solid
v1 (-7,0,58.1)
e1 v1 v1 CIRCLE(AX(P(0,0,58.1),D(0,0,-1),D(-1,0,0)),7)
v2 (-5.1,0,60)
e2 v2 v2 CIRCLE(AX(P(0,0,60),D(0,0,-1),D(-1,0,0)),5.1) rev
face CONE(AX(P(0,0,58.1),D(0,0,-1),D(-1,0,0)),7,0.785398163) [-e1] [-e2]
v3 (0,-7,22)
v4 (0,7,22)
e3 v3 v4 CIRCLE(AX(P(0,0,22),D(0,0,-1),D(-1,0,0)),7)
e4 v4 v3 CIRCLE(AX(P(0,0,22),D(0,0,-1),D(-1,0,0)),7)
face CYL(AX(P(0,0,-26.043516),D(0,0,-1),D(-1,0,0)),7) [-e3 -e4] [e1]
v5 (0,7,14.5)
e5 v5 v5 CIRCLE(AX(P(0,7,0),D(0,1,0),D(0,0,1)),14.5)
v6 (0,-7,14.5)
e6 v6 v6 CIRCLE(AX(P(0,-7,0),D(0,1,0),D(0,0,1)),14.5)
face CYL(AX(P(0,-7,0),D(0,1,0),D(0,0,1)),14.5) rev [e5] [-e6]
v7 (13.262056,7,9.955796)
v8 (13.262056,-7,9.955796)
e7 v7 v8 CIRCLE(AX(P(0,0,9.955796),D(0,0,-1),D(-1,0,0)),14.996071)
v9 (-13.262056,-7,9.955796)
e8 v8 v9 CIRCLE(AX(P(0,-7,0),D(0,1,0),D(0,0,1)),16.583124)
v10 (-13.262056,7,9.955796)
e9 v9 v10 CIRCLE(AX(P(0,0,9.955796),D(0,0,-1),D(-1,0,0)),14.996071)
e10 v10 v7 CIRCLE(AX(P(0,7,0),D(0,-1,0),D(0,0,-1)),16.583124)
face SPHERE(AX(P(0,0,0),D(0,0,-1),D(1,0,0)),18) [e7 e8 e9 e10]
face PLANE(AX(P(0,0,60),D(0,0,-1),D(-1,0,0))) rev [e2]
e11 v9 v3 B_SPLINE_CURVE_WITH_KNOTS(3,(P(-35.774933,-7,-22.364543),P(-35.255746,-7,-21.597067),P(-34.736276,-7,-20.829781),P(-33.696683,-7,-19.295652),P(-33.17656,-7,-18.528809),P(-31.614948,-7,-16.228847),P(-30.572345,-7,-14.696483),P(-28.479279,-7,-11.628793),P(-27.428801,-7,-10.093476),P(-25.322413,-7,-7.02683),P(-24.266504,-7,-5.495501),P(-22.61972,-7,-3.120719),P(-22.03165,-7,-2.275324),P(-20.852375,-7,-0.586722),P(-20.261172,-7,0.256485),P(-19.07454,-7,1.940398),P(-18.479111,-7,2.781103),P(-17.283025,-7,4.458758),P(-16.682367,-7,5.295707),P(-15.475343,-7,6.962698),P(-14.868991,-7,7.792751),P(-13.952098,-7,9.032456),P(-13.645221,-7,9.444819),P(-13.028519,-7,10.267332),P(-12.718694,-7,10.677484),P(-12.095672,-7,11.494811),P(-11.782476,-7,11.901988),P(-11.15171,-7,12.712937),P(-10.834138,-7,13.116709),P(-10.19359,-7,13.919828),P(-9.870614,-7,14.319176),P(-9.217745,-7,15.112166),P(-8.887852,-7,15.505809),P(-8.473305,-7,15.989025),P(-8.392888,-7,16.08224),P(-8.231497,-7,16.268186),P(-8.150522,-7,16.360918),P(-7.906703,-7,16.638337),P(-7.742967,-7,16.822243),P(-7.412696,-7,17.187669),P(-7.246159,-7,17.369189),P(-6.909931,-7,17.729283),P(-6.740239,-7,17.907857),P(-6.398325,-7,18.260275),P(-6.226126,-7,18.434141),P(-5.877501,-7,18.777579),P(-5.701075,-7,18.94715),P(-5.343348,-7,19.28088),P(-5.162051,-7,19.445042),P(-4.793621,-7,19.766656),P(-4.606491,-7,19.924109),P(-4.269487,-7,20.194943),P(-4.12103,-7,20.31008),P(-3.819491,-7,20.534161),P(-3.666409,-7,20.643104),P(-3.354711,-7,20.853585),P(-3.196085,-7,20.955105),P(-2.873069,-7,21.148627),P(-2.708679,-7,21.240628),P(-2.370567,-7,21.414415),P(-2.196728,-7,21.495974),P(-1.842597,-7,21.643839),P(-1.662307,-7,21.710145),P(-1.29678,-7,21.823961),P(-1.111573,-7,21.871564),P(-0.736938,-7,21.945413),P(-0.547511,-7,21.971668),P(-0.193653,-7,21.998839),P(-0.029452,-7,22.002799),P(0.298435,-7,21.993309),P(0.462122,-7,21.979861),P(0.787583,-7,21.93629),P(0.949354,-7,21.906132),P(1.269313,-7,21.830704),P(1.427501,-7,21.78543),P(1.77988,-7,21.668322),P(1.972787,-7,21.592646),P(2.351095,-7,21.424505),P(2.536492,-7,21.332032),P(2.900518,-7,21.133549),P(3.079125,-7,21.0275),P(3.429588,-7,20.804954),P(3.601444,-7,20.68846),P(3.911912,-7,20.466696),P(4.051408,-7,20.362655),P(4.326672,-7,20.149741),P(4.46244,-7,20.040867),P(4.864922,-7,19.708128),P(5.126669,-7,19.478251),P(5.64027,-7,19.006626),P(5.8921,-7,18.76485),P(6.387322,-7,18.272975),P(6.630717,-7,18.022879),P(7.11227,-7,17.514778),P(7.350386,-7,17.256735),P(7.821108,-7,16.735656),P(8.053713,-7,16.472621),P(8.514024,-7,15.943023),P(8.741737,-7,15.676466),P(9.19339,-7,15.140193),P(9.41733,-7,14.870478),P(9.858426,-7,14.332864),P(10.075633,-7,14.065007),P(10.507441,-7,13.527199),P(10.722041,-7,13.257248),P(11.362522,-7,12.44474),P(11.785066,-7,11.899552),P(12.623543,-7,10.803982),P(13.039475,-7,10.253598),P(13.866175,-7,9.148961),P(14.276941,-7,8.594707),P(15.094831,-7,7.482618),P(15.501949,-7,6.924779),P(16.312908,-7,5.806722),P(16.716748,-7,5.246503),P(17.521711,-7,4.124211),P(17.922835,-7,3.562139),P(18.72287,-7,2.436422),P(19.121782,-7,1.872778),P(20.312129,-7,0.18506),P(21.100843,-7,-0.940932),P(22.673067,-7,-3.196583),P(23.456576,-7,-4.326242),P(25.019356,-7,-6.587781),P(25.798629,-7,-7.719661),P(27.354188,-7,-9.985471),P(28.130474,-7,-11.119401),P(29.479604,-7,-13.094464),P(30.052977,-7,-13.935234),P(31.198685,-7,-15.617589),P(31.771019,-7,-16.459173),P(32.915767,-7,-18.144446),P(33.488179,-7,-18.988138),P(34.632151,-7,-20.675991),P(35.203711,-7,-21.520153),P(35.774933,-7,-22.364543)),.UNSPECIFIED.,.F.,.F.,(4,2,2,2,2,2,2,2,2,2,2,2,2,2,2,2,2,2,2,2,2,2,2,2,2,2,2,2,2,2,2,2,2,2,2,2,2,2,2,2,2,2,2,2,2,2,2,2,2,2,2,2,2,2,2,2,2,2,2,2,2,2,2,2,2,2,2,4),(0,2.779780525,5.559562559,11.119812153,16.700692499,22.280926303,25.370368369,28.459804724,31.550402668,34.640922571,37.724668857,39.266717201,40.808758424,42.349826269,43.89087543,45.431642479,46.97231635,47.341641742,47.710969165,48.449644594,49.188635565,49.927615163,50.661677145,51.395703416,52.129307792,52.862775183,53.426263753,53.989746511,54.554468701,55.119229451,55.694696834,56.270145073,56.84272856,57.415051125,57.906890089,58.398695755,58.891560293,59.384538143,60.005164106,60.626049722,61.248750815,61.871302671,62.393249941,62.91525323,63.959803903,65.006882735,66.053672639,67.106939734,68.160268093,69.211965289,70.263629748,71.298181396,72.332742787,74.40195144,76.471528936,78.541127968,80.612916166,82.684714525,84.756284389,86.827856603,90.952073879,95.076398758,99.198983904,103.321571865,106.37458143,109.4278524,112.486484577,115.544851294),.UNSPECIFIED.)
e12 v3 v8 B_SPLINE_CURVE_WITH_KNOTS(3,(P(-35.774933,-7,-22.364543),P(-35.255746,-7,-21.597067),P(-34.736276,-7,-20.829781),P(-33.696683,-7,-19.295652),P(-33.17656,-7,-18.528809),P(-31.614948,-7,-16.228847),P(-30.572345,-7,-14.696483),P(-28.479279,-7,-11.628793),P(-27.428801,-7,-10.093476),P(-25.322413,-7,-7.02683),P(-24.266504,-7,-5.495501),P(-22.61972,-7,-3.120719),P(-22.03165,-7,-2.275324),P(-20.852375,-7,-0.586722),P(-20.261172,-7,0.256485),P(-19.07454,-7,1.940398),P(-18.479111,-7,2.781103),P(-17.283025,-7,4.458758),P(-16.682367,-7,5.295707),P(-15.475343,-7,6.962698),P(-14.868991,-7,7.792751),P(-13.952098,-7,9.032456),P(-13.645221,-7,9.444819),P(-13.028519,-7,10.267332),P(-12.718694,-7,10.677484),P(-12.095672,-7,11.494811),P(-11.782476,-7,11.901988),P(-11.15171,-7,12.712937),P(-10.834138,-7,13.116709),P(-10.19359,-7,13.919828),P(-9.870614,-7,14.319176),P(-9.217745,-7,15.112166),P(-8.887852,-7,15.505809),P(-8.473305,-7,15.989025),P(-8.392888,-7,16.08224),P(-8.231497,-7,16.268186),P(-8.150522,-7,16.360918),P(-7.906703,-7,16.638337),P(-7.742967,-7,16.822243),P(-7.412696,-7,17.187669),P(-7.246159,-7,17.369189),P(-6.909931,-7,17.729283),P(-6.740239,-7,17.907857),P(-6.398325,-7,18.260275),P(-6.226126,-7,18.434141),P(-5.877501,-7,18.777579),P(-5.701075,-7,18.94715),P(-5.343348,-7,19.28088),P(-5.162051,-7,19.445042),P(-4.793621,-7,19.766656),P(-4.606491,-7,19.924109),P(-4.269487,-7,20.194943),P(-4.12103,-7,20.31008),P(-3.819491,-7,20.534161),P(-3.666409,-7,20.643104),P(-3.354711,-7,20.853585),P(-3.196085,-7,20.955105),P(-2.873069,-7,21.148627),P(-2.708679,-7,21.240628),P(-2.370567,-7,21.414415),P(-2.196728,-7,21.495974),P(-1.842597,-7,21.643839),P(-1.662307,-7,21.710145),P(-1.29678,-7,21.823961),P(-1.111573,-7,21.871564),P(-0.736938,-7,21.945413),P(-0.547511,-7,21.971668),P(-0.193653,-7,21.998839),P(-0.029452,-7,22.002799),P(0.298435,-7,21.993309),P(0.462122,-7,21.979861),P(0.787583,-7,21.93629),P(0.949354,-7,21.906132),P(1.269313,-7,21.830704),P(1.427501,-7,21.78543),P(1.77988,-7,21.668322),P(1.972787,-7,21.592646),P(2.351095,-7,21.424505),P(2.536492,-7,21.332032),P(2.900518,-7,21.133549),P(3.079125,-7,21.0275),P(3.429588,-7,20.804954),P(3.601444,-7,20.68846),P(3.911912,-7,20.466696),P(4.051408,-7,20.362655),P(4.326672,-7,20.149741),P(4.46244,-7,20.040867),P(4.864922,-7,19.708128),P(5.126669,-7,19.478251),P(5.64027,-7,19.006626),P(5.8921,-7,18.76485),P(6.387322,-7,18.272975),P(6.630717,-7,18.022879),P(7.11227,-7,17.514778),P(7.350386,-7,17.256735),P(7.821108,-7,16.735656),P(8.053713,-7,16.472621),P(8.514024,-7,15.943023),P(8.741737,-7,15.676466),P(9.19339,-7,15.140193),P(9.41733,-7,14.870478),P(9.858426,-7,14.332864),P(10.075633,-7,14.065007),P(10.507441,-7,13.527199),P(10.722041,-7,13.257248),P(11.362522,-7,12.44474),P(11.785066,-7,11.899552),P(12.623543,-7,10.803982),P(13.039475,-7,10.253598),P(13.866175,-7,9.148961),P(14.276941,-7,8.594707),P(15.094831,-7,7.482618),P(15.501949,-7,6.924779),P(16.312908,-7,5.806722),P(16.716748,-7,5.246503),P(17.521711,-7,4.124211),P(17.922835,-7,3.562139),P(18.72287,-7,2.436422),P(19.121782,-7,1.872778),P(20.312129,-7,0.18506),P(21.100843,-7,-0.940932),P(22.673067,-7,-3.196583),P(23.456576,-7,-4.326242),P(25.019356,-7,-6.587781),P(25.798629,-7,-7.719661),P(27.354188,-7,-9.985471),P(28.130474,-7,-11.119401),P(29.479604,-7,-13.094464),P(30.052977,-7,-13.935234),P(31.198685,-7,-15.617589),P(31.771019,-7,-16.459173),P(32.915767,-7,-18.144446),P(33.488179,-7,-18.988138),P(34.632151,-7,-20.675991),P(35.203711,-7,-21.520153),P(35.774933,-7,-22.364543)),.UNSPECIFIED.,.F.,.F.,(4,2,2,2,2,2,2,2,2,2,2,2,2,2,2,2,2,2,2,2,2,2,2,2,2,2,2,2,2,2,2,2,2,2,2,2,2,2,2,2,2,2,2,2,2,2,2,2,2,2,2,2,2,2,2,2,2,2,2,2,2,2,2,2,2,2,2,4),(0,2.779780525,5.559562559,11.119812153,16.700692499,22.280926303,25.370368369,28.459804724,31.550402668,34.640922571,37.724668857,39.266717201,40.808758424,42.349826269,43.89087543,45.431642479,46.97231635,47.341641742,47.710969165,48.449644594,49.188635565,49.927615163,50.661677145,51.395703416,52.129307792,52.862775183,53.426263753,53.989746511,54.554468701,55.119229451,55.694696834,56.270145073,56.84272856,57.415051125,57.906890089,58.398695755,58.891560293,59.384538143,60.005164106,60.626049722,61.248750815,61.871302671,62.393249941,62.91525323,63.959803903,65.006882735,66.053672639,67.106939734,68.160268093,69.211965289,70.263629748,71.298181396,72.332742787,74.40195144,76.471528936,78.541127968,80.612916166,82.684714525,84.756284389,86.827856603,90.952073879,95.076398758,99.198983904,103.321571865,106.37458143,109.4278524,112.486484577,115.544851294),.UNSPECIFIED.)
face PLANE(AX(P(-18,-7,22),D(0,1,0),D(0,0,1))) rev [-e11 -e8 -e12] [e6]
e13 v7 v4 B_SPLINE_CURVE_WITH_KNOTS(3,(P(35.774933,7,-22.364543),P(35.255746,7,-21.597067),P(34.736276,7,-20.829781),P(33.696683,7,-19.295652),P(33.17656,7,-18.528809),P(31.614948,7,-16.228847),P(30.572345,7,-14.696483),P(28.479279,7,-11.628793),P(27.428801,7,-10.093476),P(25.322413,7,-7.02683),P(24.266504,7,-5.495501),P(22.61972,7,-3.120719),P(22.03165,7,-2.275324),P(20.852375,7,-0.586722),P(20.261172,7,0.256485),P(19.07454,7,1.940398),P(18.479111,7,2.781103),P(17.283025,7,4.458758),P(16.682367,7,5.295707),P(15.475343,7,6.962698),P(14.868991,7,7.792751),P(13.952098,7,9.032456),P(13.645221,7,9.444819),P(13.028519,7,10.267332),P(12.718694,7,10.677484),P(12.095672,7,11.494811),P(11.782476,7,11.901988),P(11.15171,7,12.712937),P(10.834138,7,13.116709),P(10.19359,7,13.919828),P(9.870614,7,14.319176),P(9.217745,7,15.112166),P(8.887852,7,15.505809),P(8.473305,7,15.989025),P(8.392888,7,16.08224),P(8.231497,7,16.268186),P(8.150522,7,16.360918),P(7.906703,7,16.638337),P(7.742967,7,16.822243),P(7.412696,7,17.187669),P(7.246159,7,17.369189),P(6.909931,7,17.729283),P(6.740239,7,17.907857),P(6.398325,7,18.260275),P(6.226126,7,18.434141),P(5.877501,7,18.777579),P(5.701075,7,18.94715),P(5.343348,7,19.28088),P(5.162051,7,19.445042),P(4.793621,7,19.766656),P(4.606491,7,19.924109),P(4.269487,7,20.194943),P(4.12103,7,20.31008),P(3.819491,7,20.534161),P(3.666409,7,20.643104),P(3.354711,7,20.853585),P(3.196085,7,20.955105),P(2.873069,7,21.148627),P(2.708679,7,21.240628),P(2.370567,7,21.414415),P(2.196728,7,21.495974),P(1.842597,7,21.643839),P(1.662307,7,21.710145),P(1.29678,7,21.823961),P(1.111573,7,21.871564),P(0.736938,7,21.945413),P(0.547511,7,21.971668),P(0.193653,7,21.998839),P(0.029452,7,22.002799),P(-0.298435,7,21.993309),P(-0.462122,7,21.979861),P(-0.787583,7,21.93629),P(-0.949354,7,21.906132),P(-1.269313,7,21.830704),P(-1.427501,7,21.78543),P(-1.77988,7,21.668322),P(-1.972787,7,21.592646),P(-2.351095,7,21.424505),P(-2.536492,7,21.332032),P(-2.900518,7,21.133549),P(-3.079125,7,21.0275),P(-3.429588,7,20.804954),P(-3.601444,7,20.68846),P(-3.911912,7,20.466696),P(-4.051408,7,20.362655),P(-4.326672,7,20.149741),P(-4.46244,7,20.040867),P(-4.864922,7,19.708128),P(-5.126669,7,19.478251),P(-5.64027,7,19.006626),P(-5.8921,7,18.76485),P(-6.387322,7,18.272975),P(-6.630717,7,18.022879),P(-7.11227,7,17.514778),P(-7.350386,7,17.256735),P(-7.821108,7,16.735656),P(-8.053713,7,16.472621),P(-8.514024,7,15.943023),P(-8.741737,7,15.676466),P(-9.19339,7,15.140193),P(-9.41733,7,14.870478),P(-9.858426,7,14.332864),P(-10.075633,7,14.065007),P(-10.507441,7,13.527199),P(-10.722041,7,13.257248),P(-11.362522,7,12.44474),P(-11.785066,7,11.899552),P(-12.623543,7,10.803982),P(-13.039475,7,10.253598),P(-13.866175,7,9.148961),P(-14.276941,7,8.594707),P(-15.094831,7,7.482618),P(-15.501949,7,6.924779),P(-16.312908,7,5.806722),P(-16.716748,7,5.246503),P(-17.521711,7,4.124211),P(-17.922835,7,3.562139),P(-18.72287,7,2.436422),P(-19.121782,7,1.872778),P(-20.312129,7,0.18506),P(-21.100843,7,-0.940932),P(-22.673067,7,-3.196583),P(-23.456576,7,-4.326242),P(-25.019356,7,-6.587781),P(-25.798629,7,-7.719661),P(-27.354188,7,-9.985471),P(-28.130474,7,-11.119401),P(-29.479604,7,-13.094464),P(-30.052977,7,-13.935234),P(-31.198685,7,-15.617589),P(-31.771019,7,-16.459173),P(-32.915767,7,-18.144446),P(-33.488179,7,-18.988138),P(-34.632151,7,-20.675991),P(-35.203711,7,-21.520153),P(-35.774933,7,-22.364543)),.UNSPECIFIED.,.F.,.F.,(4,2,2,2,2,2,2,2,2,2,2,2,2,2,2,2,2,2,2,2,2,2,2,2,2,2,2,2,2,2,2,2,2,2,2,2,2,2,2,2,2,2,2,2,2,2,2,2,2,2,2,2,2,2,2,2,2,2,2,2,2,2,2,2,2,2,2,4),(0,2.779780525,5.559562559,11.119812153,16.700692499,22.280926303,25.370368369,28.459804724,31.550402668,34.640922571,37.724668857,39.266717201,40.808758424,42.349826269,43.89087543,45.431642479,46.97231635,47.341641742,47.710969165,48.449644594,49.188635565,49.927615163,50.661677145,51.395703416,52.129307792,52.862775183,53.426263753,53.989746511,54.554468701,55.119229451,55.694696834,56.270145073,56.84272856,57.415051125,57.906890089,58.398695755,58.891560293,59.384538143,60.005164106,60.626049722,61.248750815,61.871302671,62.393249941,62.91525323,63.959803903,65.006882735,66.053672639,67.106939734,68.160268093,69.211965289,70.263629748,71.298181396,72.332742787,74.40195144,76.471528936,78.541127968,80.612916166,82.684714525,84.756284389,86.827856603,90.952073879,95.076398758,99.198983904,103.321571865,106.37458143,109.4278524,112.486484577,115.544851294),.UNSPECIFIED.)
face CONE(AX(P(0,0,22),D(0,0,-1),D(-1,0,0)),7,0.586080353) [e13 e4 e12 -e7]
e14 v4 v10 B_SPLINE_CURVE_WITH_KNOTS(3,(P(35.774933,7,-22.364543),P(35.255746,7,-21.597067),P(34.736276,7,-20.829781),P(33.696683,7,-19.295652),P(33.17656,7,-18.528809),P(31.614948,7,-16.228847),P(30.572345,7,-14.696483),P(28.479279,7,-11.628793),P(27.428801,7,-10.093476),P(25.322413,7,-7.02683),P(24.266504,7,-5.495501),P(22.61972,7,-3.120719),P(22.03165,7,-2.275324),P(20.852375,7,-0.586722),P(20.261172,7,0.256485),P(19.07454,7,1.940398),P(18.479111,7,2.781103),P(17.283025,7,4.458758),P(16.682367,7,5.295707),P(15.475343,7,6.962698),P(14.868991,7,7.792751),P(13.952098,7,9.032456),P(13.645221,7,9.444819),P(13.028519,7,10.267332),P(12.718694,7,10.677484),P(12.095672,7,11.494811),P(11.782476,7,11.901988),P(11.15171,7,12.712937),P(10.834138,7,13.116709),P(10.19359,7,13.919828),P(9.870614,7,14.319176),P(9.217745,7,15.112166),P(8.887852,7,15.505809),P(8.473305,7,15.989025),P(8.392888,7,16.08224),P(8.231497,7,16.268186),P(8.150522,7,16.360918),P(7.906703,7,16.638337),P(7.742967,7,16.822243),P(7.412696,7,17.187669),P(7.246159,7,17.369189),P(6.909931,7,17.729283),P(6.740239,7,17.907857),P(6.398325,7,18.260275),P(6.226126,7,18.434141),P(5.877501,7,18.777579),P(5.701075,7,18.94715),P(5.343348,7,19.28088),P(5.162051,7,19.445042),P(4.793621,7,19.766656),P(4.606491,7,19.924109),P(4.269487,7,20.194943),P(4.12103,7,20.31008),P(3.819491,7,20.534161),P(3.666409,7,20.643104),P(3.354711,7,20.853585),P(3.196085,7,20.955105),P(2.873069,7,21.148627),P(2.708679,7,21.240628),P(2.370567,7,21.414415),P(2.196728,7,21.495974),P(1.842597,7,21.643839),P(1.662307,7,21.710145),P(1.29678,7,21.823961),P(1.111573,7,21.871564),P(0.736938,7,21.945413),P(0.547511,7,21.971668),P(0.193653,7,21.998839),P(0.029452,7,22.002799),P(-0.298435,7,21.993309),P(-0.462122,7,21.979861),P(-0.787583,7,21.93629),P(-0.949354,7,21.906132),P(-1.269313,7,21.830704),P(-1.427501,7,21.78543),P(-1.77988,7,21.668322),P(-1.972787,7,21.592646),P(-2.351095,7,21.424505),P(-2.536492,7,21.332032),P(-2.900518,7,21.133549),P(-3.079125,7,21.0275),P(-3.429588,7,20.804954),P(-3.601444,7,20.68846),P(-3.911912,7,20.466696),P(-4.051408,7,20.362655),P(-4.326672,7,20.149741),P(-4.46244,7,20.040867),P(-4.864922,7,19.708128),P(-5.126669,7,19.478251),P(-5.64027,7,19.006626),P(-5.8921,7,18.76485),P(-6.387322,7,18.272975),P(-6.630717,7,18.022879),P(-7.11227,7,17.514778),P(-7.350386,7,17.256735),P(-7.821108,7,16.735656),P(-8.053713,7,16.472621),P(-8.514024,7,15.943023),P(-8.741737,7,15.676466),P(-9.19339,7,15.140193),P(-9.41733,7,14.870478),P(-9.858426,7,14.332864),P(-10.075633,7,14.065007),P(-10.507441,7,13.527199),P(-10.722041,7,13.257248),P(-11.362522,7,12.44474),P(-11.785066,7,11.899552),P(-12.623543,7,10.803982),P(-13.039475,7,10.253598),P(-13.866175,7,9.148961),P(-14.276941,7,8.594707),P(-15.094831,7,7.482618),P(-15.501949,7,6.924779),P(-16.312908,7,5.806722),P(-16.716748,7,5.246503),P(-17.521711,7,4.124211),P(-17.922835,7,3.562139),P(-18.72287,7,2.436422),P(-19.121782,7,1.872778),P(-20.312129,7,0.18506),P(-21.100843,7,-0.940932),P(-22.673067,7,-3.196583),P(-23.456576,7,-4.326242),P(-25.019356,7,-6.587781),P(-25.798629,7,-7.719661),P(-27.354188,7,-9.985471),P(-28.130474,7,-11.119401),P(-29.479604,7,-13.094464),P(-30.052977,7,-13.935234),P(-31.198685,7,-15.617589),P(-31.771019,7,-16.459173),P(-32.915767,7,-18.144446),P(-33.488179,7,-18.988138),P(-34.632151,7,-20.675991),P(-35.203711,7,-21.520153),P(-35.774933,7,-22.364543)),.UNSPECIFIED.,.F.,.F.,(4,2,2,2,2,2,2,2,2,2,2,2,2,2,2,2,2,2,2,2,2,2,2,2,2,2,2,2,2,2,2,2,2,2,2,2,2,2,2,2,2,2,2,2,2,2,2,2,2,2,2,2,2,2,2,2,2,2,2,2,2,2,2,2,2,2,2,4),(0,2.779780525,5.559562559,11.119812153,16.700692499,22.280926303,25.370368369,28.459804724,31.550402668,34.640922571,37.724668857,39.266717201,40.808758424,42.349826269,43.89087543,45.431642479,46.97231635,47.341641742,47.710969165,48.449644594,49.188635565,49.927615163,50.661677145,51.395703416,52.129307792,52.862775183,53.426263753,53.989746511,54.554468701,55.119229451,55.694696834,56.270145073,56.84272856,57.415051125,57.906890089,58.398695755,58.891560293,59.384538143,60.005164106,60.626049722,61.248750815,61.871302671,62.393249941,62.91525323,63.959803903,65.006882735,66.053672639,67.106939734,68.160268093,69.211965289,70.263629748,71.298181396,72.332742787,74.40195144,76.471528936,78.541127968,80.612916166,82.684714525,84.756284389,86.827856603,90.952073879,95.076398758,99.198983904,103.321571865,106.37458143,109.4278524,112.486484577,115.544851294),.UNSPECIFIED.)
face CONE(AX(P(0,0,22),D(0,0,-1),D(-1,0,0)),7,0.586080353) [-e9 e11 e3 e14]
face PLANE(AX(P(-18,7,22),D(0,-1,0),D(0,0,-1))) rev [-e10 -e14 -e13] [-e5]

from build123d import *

# Parameters (mm, degrees)
SZKIC1_W                        = 7
SZKIC1_H                        = 38
WYTNIJ_WYCI_GNI_CIE1_DEPTH      = 19
WYTNIJ_WYCI_GNI_CIE1_DEPTH_BACK = 19
SZKIC3_R                        = 14.5
WYTNIJ_WYCI_GNI_CIE2_DEPTH      = 8
WYTNIJ_WYCI_GNI_CIE2_DEPTH_BACK = 8
SFAZOWANIE1_SIZE                = 1.9


with BuildPart() as part:
    # Szkic1 → Obrót1 (revolve)
    with BuildSketch(Plane(origin=(0, 0, 0), x_dir=(1, 0, 0), z_dir=(0, 1, 0))):
        with BuildLine():
            Line((0, 18), (0, -22))
            Line((0, -22), (7, -22))
            Line((7, -22), (14.996070523, -9.955795743))
            ThreePointArc((14.996070523, -9.955795743), (15.861972188, 8.508691927), (0, 18))
        make_face()
        with Locations((3.5, -41)):
            Rectangle(SZKIC1_W, SZKIC1_H)
    revolve(axis=Axis((0, 0, -26.043516498), (0, 0, 1)))

    # Szkic2 → Wytnij-wyciągnięcie1 (cut, two sides)
    with BuildSketch(Plane(origin=(0, 0, 0), x_dir=(0, 0, -1), z_dir=(1, 0, 0))) as wytnij_wyci_gni_cie1_sk:
        with BuildLine():
            Line((-22, 7), (16.583123952, 7))
            ThreePointArc((16.583123952, 7), (5.192750307, 17.23471335), (-9.955795743, 14.996070523))
            Line((-9.955795743, 14.996070523), (-22, 7))
        make_face()
        with BuildLine():
            Line((-22, -7), (16.583123952, -7))
            ThreePointArc((16.583123952, -7), (5.192750307, -17.23471335), (-9.955795743, -14.996070523))
            Line((-9.955795743, -14.996070523), (-22, -7))
        make_face()
    extrude(amount=WYTNIJ_WYCI_GNI_CIE1_DEPTH, mode=Mode.SUBTRACT)
    extrude(wytnij_wyci_gni_cie1_sk.sketch, amount=-WYTNIJ_WYCI_GNI_CIE1_DEPTH_BACK, mode=Mode.SUBTRACT)

    # Szkic3 → Wytnij-wyciągnięcie2 (cut, two sides)
    with BuildSketch(Plane(origin=(0, 0, 0), x_dir=(1, 0, 0), z_dir=(0, 1, 0))) as wytnij_wyci_gni_cie2_sk:
        Circle(SZKIC3_R)
    extrude(amount=WYTNIJ_WYCI_GNI_CIE2_DEPTH, mode=Mode.SUBTRACT)
    extrude(wytnij_wyci_gni_cie2_sk.sketch, amount=-WYTNIJ_WYCI_GNI_CIE2_DEPTH_BACK, mode=Mode.SUBTRACT)

    # Sfazowanie1
    sfazowanie1_edges = [part.edges().sort_by_distance(p)[0] for p in [
        (-7, 0, 60),
    ]]
    chamfer(sfazowanie1_edges, length=SFAZOWANIE1_SIZE)


solid = part.part
